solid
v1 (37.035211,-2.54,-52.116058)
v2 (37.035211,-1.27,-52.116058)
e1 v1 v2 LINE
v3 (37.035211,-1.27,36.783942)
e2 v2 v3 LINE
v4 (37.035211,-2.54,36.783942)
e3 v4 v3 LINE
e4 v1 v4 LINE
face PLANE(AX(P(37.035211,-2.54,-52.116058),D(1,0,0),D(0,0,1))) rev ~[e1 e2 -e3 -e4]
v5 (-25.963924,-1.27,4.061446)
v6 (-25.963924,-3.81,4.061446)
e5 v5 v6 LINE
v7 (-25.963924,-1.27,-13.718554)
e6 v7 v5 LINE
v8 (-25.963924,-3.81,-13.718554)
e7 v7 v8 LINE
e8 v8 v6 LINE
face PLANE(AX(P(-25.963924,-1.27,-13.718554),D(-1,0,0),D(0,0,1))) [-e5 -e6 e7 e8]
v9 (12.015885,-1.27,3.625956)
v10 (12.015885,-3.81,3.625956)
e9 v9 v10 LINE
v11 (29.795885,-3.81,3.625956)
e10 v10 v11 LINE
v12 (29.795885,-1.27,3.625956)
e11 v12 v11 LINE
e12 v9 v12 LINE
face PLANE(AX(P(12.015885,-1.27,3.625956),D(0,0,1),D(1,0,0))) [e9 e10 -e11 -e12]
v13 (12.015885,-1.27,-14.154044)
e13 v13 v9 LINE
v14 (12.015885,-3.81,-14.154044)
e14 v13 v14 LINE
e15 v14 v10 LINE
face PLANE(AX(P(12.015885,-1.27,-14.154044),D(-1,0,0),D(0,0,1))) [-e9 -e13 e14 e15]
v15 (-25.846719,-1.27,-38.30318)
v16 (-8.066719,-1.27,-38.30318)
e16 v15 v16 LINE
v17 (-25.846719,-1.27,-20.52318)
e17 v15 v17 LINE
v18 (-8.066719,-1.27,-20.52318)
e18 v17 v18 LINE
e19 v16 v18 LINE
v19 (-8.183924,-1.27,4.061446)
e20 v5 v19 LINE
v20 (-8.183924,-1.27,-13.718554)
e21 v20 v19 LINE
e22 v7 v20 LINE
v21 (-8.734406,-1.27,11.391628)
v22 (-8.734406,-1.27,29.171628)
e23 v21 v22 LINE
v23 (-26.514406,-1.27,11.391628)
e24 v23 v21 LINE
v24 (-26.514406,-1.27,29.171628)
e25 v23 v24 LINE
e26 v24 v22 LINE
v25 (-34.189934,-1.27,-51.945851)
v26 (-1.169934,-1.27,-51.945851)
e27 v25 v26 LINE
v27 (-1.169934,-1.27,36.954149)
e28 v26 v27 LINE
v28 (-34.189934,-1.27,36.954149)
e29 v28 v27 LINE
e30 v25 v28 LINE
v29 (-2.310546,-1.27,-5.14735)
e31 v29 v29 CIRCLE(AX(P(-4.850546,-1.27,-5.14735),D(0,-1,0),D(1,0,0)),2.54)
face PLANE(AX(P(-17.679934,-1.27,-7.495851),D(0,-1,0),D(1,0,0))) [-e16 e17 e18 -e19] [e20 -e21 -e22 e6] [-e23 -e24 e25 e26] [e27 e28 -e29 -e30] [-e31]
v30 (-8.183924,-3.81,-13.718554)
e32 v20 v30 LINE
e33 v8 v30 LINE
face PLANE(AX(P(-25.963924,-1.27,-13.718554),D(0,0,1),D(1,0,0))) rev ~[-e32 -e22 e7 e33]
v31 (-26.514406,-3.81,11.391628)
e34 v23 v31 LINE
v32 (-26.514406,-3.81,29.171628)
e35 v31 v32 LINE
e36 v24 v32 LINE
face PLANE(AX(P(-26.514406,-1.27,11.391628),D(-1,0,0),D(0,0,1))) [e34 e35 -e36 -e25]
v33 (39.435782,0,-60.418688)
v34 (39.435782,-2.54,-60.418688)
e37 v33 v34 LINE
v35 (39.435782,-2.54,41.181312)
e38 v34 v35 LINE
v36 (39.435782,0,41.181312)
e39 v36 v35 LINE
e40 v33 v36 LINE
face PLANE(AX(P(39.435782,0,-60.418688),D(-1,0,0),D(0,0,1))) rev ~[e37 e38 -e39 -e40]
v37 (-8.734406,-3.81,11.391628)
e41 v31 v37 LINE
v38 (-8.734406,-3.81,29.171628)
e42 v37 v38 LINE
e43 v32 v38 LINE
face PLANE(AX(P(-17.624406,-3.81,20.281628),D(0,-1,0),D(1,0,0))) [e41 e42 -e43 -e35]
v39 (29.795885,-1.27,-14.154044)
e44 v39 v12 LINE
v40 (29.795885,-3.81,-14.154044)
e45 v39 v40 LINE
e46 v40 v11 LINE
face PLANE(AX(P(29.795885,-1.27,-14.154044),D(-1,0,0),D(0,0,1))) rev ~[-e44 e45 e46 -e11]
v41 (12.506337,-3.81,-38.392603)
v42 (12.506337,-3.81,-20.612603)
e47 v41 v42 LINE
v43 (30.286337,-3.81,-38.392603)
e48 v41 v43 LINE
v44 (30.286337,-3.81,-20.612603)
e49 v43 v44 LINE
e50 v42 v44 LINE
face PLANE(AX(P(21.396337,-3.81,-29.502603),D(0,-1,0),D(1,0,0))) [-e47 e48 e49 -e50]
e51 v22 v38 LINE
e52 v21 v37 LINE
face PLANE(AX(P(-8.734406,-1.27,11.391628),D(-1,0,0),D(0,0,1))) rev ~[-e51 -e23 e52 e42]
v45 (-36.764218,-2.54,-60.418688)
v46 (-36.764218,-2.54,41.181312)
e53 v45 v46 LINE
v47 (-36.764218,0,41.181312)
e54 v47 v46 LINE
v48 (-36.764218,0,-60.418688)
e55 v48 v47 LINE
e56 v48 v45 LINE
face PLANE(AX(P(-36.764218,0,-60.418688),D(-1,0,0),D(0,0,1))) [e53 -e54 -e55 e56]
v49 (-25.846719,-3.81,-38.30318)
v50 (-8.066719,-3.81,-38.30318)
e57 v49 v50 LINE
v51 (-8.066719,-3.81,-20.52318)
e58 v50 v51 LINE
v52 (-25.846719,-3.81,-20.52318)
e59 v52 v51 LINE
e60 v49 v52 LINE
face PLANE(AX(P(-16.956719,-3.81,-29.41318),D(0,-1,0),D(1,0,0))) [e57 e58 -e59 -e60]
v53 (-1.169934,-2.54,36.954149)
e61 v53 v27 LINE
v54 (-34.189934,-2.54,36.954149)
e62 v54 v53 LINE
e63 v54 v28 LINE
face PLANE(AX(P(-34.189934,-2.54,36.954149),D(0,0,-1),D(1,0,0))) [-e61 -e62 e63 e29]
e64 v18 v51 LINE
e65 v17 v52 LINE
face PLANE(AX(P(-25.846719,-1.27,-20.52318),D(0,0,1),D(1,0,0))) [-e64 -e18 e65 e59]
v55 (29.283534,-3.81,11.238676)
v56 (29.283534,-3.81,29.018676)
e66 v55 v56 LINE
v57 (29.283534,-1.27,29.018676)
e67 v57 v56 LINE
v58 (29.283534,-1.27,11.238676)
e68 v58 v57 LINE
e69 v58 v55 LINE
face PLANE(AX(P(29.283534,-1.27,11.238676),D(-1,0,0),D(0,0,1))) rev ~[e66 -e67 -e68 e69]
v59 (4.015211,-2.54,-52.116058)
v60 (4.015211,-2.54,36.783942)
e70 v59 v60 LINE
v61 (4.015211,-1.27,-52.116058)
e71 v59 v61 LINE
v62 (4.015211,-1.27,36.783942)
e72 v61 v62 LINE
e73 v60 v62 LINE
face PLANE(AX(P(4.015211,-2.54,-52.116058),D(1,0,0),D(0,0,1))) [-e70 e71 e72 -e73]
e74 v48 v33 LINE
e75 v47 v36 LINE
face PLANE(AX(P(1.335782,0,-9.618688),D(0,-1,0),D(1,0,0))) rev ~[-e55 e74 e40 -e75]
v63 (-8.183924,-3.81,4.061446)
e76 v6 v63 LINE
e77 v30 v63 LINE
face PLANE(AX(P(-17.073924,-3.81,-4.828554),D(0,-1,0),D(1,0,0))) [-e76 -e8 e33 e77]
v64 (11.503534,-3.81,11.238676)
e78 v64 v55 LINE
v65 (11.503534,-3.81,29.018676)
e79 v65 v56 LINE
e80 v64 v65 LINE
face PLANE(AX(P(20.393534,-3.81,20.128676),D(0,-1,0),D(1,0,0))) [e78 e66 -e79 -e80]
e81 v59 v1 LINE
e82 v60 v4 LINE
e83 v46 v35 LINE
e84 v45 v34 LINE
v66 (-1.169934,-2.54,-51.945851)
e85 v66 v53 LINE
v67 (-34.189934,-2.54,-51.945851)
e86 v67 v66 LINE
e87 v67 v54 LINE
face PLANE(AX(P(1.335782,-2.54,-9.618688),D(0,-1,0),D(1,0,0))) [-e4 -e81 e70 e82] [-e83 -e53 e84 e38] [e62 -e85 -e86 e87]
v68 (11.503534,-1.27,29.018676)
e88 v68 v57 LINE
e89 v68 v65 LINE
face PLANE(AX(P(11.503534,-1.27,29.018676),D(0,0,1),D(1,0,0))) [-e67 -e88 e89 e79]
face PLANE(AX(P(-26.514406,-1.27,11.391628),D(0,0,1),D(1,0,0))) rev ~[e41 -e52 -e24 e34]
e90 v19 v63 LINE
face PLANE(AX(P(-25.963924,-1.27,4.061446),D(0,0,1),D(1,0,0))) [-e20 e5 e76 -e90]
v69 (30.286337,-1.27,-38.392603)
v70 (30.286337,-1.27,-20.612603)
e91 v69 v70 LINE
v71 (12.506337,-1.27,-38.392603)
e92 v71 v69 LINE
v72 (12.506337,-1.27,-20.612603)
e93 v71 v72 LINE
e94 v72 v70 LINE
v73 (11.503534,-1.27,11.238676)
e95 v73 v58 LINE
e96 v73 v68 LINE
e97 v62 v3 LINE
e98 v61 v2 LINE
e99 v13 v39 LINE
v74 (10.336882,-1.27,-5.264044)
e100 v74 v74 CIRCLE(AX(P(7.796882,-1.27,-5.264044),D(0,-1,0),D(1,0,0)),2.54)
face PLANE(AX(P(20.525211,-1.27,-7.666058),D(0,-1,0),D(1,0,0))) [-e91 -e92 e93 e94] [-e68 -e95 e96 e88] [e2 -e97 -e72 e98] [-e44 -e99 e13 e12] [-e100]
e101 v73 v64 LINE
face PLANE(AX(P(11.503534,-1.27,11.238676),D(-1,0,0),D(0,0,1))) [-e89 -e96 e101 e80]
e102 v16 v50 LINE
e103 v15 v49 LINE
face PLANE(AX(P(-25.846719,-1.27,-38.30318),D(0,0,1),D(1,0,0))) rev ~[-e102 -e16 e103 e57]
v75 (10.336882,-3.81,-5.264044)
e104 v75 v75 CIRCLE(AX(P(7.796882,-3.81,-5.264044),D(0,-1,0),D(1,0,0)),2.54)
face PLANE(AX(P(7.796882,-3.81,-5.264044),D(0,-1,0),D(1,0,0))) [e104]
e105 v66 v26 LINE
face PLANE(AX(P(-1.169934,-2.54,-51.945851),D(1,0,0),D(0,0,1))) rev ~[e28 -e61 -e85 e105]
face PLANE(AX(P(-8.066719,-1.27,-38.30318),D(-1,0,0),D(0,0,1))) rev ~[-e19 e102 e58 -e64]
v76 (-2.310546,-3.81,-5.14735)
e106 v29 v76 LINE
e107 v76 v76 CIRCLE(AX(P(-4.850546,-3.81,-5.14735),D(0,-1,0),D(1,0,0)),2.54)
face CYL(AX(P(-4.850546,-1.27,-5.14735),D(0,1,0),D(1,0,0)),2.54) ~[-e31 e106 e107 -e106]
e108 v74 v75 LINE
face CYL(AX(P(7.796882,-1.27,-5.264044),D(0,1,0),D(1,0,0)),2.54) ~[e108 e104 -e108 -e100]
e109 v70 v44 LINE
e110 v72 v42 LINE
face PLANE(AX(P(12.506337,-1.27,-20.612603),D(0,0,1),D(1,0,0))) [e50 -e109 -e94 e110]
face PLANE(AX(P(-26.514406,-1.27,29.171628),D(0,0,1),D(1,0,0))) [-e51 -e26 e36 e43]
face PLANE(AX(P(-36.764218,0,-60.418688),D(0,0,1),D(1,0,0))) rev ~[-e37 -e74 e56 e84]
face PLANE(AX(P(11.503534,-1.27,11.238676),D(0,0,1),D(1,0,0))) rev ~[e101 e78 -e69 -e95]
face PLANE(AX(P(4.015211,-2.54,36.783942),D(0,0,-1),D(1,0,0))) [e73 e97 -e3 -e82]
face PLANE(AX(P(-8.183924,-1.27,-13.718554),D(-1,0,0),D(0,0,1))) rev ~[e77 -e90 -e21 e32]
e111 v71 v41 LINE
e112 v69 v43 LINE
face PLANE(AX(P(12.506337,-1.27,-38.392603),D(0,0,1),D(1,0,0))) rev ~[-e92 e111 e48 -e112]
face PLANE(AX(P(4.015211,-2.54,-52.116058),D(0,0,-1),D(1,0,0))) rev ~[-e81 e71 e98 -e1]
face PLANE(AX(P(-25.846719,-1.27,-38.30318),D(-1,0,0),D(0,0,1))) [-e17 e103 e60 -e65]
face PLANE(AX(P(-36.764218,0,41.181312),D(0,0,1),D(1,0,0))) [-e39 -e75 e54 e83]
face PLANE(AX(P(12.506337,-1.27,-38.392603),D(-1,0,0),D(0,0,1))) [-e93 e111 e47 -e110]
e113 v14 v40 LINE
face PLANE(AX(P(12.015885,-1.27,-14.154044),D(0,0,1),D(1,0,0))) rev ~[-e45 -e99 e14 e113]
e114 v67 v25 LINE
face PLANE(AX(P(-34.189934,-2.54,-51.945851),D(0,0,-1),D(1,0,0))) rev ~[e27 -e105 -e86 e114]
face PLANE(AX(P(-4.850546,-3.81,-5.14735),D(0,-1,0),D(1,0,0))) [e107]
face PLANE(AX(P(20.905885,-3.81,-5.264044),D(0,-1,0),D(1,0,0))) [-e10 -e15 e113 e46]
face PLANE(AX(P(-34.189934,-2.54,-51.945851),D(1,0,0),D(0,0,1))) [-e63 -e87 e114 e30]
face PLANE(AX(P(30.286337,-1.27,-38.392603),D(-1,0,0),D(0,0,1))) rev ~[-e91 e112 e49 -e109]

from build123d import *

# Parameters (mm, degrees)
F0_W     = 76.2
F0_H     = 101.6
F1_DEPTH = 2.54
F2_W     = 33.02
F2_H     = 88.9
F3_DEPTH = 1.27
F4_W     = 17.78
F4_H     = 17.78
F5_DEPTH = 2.54
F6_R     = 2.54
F7_DEPTH = 2.54


with BuildPart() as f1:
    # F0 (on Front) → F1 (new body)
    with BuildSketch(Plane.XZ):
        with Locations((1.335782, -9.618688)):
            Rectangle(F0_W, F0_H)
    extrude(amount=F1_DEPTH)

    # F2 (on face) → F3 (cut)
    with BuildSketch(Plane.XZ.offset(2.54)):
        with Locations((-17.679934, -7.495851)):
            Rectangle(F2_W, F2_H)
        with Locations((20.525211, -7.666058)):
            Rectangle(F2_W, F2_H)
    extrude(amount=-F3_DEPTH, mode=Mode.SUBTRACT)

    # F4 (on face) → F5 (join)
    with BuildSketch(Plane.XZ.offset(1.27)):
        with Locations((-17.624406, 20.281628)):
            Rectangle(F4_W, F4_H)
        with Locations((-17.073924, -4.828554)):
            Rectangle(F4_W, F4_H)
        with Locations((-16.956719, -29.41318)):
            Rectangle(F4_W, F4_H)
        with Locations((20.393534, 20.128676)):
            Rectangle(F4_W, F4_H)
        with Locations((20.905885, -5.264044)):
            Rectangle(F4_W, F4_H)
        with Locations((21.396337, -29.502603)):
            Rectangle(F4_W, F4_H)
    extrude(amount=F5_DEPTH)

    # F6 (on face) → F7 (join)
    with BuildSketch(Plane.XZ.offset(1.27)):
        with Locations((-4.850546, -5.14735)):
            Circle(F6_R)
        with Locations((7.796882, -5.264044)):
            Circle(F6_R)
    extrude(amount=F7_DEPTH)


solid = f1.part
